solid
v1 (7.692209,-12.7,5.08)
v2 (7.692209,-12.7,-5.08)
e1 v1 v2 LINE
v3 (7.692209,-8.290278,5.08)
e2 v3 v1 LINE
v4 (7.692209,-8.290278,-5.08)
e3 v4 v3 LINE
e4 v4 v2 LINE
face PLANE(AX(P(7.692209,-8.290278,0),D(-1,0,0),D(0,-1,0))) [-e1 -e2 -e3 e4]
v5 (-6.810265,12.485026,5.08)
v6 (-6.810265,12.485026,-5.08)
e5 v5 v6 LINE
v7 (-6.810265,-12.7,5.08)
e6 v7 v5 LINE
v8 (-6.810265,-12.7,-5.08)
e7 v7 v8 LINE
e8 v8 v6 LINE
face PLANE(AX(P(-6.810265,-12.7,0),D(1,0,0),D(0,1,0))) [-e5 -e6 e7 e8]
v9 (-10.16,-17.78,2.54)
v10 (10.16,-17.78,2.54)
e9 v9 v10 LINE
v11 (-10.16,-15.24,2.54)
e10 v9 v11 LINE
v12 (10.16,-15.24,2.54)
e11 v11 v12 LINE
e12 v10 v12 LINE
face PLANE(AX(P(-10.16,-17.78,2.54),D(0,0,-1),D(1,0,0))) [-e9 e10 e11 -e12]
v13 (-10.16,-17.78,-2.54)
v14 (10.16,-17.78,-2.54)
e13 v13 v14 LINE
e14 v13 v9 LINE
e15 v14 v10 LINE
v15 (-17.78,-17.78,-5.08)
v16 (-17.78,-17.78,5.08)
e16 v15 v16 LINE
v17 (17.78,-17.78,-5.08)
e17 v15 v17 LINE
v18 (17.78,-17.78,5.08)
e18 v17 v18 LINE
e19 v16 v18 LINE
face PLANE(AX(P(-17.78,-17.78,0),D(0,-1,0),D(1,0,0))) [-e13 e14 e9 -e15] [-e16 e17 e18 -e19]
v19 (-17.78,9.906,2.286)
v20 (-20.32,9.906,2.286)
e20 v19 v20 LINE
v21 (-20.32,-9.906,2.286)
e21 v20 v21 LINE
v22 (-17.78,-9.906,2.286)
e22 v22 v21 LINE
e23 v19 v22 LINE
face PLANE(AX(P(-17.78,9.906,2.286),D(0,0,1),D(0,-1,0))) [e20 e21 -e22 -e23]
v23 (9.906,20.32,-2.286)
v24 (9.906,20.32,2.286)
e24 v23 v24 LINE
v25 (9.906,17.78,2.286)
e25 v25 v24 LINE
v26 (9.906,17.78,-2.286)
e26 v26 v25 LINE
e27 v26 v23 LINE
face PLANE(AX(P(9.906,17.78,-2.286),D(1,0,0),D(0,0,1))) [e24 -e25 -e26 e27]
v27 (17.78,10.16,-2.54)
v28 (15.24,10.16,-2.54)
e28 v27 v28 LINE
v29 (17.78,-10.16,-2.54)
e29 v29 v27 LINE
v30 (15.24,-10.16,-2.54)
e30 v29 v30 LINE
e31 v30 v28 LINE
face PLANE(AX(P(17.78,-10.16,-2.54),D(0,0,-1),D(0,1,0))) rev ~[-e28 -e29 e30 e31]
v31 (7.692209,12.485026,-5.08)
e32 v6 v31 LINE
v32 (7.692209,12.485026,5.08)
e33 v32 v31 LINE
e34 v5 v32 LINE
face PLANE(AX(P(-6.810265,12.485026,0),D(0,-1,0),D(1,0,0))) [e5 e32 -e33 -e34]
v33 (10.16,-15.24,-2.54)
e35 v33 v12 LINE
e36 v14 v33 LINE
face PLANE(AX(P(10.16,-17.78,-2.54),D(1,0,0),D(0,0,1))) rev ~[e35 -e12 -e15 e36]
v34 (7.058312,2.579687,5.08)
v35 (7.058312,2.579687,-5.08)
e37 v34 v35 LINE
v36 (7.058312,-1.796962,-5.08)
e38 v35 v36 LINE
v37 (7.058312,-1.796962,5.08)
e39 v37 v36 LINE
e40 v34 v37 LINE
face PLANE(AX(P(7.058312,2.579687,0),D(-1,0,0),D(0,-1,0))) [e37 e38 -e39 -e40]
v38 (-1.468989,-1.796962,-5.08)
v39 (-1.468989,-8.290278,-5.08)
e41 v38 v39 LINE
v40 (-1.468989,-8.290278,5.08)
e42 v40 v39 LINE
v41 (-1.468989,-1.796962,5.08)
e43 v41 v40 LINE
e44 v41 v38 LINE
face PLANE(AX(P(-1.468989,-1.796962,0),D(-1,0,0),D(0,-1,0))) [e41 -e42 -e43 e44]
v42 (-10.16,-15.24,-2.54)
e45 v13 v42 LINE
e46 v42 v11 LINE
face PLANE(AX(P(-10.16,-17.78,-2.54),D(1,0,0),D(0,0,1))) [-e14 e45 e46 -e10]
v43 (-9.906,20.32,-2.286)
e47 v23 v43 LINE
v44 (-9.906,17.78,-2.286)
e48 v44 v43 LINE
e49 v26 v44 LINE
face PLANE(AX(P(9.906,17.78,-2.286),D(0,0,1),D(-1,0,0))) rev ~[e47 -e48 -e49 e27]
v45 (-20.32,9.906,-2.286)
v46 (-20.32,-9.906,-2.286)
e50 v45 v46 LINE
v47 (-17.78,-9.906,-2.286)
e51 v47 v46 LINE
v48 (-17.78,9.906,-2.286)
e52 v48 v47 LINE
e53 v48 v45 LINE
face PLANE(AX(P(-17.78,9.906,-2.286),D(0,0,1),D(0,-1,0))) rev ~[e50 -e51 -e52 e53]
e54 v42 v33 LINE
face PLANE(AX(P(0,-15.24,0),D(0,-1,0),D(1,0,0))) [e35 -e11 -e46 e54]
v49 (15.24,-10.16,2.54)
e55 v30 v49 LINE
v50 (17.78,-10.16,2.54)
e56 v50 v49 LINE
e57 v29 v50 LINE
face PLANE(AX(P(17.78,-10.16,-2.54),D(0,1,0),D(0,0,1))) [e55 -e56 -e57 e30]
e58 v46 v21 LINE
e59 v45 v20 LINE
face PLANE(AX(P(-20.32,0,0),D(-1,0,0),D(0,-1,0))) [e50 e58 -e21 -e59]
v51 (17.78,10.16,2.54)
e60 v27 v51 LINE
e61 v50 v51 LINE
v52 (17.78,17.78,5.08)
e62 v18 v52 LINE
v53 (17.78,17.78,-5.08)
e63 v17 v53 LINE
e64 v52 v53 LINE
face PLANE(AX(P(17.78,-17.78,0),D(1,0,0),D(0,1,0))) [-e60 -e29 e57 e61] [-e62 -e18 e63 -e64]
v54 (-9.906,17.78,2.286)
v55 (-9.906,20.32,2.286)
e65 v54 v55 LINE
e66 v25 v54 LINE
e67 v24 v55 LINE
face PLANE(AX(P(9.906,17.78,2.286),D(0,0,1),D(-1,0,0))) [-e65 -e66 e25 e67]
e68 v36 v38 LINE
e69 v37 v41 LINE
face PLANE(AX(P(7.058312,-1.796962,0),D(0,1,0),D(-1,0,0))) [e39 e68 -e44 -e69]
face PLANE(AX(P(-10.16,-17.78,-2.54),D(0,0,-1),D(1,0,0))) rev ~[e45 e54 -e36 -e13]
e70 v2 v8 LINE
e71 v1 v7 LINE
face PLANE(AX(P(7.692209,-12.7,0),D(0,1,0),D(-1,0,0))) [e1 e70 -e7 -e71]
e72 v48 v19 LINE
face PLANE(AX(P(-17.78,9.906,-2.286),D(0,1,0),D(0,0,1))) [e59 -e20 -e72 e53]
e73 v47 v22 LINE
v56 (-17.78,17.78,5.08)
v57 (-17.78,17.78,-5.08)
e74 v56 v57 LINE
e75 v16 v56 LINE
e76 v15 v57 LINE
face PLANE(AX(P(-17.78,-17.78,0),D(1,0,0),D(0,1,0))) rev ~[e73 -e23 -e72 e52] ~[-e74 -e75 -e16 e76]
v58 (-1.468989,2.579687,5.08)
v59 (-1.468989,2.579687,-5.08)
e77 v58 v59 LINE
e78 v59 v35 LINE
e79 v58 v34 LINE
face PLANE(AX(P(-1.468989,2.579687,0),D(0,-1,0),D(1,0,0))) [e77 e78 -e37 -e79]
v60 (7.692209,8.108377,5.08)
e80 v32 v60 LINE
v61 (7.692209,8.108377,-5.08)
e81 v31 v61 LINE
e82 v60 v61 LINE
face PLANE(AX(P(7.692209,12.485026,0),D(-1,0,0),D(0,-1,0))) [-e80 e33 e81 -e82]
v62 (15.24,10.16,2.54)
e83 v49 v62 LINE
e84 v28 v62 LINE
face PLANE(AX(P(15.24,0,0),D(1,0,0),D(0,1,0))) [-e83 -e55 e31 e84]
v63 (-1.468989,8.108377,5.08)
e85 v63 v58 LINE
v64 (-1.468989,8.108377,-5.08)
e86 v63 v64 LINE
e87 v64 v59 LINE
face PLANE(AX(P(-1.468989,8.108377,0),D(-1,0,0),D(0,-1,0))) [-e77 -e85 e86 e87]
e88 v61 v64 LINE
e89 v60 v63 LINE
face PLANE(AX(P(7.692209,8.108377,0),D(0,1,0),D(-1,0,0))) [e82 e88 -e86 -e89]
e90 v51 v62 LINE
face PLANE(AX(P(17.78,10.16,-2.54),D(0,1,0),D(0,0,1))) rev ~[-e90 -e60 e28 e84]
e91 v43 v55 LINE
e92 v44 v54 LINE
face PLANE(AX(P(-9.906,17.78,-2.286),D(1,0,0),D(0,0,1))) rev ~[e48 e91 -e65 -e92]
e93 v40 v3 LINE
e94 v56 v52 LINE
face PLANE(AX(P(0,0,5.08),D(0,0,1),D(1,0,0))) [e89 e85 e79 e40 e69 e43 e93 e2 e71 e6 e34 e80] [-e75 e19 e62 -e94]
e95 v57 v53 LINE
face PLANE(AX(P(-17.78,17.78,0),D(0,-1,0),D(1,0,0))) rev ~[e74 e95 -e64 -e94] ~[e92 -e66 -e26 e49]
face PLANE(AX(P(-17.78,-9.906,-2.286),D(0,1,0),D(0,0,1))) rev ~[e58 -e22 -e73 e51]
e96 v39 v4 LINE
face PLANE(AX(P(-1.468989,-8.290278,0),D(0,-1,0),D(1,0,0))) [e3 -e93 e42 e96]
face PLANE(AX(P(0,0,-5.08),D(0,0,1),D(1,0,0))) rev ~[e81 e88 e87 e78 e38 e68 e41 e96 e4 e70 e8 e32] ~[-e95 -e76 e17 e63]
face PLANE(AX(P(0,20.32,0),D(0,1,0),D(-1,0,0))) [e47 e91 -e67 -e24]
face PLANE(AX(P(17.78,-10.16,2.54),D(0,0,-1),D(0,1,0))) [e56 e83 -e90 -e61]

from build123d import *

# Parameters (mm, degrees)
F0_W     = 35.56
F0_H     = 35.56
F1_DEPTH = 5.08
F2_W     = 19.812
F2_H     = 4.572
F3_DEPTH = 2.54
F4_W     = 19.812
F4_H     = 4.572
F5_DEPTH = 2.54
F6_W     = 20.32
F6_H     = 5.08
F7_DEPTH = 2.54
F8_W     = 20.32
F8_H     = 5.08
F9_DEPTH = 2.54


with BuildPart() as f1:
    # F0 (on Top) → F1 (new body, symmetric)
    with BuildSketch(Plane.XY):
        Rectangle(F0_W, F0_H)
        Polygon((7.6922092014, -8.2902777778), (7.6922092014, -12.7), (-6.8102647569, -12.7), (-6.8102647569, 12.4850260417), (7.6922092014, 12.4850260417), (7.6922092014, 8.1083767361), (-1.4689887153, 8.1083767361), (-1.4689887153, 2.5796875), (7.0583116319, 2.5796875), (7.0583116319, -1.7969618056), (-1.4689887153, -1.7969618056), (-1.4689887153, -8.2902777778), align=None, mode=Mode.SUBTRACT)
    extrude(amount=F1_DEPTH, both=True)

    # F2 (on face) → F3 (join)
    with BuildSketch(Plane(origin=(0, 17.78, 0), x_dir=(-1, 0, 0), z_dir=(0, 1, 0))):
        Rectangle(F2_W, F2_H)
    extrude(amount=F3_DEPTH)

    # F4 (on face) → F5 (join)
    with BuildSketch(Plane(origin=(-17.78, 0, 0), x_dir=(0, -1, 0), z_dir=(-1, 0, 0))):
        Rectangle(F4_W, F4_H)
    extrude(amount=F5_DEPTH)

    # F6 (on face) → F7 (cut)
    with BuildSketch(Plane.XZ.offset(17.78)):
        Rectangle(F6_W, F6_H)
    extrude(amount=-F7_DEPTH, mode=Mode.SUBTRACT)

    # F8 (on face) → F9 (cut)
    with BuildSketch(Plane.YZ.offset(17.78)):
        Rectangle(F8_W, F8_H)
    extrude(amount=-F9_DEPTH, mode=Mode.SUBTRACT)


solid = f1.part
